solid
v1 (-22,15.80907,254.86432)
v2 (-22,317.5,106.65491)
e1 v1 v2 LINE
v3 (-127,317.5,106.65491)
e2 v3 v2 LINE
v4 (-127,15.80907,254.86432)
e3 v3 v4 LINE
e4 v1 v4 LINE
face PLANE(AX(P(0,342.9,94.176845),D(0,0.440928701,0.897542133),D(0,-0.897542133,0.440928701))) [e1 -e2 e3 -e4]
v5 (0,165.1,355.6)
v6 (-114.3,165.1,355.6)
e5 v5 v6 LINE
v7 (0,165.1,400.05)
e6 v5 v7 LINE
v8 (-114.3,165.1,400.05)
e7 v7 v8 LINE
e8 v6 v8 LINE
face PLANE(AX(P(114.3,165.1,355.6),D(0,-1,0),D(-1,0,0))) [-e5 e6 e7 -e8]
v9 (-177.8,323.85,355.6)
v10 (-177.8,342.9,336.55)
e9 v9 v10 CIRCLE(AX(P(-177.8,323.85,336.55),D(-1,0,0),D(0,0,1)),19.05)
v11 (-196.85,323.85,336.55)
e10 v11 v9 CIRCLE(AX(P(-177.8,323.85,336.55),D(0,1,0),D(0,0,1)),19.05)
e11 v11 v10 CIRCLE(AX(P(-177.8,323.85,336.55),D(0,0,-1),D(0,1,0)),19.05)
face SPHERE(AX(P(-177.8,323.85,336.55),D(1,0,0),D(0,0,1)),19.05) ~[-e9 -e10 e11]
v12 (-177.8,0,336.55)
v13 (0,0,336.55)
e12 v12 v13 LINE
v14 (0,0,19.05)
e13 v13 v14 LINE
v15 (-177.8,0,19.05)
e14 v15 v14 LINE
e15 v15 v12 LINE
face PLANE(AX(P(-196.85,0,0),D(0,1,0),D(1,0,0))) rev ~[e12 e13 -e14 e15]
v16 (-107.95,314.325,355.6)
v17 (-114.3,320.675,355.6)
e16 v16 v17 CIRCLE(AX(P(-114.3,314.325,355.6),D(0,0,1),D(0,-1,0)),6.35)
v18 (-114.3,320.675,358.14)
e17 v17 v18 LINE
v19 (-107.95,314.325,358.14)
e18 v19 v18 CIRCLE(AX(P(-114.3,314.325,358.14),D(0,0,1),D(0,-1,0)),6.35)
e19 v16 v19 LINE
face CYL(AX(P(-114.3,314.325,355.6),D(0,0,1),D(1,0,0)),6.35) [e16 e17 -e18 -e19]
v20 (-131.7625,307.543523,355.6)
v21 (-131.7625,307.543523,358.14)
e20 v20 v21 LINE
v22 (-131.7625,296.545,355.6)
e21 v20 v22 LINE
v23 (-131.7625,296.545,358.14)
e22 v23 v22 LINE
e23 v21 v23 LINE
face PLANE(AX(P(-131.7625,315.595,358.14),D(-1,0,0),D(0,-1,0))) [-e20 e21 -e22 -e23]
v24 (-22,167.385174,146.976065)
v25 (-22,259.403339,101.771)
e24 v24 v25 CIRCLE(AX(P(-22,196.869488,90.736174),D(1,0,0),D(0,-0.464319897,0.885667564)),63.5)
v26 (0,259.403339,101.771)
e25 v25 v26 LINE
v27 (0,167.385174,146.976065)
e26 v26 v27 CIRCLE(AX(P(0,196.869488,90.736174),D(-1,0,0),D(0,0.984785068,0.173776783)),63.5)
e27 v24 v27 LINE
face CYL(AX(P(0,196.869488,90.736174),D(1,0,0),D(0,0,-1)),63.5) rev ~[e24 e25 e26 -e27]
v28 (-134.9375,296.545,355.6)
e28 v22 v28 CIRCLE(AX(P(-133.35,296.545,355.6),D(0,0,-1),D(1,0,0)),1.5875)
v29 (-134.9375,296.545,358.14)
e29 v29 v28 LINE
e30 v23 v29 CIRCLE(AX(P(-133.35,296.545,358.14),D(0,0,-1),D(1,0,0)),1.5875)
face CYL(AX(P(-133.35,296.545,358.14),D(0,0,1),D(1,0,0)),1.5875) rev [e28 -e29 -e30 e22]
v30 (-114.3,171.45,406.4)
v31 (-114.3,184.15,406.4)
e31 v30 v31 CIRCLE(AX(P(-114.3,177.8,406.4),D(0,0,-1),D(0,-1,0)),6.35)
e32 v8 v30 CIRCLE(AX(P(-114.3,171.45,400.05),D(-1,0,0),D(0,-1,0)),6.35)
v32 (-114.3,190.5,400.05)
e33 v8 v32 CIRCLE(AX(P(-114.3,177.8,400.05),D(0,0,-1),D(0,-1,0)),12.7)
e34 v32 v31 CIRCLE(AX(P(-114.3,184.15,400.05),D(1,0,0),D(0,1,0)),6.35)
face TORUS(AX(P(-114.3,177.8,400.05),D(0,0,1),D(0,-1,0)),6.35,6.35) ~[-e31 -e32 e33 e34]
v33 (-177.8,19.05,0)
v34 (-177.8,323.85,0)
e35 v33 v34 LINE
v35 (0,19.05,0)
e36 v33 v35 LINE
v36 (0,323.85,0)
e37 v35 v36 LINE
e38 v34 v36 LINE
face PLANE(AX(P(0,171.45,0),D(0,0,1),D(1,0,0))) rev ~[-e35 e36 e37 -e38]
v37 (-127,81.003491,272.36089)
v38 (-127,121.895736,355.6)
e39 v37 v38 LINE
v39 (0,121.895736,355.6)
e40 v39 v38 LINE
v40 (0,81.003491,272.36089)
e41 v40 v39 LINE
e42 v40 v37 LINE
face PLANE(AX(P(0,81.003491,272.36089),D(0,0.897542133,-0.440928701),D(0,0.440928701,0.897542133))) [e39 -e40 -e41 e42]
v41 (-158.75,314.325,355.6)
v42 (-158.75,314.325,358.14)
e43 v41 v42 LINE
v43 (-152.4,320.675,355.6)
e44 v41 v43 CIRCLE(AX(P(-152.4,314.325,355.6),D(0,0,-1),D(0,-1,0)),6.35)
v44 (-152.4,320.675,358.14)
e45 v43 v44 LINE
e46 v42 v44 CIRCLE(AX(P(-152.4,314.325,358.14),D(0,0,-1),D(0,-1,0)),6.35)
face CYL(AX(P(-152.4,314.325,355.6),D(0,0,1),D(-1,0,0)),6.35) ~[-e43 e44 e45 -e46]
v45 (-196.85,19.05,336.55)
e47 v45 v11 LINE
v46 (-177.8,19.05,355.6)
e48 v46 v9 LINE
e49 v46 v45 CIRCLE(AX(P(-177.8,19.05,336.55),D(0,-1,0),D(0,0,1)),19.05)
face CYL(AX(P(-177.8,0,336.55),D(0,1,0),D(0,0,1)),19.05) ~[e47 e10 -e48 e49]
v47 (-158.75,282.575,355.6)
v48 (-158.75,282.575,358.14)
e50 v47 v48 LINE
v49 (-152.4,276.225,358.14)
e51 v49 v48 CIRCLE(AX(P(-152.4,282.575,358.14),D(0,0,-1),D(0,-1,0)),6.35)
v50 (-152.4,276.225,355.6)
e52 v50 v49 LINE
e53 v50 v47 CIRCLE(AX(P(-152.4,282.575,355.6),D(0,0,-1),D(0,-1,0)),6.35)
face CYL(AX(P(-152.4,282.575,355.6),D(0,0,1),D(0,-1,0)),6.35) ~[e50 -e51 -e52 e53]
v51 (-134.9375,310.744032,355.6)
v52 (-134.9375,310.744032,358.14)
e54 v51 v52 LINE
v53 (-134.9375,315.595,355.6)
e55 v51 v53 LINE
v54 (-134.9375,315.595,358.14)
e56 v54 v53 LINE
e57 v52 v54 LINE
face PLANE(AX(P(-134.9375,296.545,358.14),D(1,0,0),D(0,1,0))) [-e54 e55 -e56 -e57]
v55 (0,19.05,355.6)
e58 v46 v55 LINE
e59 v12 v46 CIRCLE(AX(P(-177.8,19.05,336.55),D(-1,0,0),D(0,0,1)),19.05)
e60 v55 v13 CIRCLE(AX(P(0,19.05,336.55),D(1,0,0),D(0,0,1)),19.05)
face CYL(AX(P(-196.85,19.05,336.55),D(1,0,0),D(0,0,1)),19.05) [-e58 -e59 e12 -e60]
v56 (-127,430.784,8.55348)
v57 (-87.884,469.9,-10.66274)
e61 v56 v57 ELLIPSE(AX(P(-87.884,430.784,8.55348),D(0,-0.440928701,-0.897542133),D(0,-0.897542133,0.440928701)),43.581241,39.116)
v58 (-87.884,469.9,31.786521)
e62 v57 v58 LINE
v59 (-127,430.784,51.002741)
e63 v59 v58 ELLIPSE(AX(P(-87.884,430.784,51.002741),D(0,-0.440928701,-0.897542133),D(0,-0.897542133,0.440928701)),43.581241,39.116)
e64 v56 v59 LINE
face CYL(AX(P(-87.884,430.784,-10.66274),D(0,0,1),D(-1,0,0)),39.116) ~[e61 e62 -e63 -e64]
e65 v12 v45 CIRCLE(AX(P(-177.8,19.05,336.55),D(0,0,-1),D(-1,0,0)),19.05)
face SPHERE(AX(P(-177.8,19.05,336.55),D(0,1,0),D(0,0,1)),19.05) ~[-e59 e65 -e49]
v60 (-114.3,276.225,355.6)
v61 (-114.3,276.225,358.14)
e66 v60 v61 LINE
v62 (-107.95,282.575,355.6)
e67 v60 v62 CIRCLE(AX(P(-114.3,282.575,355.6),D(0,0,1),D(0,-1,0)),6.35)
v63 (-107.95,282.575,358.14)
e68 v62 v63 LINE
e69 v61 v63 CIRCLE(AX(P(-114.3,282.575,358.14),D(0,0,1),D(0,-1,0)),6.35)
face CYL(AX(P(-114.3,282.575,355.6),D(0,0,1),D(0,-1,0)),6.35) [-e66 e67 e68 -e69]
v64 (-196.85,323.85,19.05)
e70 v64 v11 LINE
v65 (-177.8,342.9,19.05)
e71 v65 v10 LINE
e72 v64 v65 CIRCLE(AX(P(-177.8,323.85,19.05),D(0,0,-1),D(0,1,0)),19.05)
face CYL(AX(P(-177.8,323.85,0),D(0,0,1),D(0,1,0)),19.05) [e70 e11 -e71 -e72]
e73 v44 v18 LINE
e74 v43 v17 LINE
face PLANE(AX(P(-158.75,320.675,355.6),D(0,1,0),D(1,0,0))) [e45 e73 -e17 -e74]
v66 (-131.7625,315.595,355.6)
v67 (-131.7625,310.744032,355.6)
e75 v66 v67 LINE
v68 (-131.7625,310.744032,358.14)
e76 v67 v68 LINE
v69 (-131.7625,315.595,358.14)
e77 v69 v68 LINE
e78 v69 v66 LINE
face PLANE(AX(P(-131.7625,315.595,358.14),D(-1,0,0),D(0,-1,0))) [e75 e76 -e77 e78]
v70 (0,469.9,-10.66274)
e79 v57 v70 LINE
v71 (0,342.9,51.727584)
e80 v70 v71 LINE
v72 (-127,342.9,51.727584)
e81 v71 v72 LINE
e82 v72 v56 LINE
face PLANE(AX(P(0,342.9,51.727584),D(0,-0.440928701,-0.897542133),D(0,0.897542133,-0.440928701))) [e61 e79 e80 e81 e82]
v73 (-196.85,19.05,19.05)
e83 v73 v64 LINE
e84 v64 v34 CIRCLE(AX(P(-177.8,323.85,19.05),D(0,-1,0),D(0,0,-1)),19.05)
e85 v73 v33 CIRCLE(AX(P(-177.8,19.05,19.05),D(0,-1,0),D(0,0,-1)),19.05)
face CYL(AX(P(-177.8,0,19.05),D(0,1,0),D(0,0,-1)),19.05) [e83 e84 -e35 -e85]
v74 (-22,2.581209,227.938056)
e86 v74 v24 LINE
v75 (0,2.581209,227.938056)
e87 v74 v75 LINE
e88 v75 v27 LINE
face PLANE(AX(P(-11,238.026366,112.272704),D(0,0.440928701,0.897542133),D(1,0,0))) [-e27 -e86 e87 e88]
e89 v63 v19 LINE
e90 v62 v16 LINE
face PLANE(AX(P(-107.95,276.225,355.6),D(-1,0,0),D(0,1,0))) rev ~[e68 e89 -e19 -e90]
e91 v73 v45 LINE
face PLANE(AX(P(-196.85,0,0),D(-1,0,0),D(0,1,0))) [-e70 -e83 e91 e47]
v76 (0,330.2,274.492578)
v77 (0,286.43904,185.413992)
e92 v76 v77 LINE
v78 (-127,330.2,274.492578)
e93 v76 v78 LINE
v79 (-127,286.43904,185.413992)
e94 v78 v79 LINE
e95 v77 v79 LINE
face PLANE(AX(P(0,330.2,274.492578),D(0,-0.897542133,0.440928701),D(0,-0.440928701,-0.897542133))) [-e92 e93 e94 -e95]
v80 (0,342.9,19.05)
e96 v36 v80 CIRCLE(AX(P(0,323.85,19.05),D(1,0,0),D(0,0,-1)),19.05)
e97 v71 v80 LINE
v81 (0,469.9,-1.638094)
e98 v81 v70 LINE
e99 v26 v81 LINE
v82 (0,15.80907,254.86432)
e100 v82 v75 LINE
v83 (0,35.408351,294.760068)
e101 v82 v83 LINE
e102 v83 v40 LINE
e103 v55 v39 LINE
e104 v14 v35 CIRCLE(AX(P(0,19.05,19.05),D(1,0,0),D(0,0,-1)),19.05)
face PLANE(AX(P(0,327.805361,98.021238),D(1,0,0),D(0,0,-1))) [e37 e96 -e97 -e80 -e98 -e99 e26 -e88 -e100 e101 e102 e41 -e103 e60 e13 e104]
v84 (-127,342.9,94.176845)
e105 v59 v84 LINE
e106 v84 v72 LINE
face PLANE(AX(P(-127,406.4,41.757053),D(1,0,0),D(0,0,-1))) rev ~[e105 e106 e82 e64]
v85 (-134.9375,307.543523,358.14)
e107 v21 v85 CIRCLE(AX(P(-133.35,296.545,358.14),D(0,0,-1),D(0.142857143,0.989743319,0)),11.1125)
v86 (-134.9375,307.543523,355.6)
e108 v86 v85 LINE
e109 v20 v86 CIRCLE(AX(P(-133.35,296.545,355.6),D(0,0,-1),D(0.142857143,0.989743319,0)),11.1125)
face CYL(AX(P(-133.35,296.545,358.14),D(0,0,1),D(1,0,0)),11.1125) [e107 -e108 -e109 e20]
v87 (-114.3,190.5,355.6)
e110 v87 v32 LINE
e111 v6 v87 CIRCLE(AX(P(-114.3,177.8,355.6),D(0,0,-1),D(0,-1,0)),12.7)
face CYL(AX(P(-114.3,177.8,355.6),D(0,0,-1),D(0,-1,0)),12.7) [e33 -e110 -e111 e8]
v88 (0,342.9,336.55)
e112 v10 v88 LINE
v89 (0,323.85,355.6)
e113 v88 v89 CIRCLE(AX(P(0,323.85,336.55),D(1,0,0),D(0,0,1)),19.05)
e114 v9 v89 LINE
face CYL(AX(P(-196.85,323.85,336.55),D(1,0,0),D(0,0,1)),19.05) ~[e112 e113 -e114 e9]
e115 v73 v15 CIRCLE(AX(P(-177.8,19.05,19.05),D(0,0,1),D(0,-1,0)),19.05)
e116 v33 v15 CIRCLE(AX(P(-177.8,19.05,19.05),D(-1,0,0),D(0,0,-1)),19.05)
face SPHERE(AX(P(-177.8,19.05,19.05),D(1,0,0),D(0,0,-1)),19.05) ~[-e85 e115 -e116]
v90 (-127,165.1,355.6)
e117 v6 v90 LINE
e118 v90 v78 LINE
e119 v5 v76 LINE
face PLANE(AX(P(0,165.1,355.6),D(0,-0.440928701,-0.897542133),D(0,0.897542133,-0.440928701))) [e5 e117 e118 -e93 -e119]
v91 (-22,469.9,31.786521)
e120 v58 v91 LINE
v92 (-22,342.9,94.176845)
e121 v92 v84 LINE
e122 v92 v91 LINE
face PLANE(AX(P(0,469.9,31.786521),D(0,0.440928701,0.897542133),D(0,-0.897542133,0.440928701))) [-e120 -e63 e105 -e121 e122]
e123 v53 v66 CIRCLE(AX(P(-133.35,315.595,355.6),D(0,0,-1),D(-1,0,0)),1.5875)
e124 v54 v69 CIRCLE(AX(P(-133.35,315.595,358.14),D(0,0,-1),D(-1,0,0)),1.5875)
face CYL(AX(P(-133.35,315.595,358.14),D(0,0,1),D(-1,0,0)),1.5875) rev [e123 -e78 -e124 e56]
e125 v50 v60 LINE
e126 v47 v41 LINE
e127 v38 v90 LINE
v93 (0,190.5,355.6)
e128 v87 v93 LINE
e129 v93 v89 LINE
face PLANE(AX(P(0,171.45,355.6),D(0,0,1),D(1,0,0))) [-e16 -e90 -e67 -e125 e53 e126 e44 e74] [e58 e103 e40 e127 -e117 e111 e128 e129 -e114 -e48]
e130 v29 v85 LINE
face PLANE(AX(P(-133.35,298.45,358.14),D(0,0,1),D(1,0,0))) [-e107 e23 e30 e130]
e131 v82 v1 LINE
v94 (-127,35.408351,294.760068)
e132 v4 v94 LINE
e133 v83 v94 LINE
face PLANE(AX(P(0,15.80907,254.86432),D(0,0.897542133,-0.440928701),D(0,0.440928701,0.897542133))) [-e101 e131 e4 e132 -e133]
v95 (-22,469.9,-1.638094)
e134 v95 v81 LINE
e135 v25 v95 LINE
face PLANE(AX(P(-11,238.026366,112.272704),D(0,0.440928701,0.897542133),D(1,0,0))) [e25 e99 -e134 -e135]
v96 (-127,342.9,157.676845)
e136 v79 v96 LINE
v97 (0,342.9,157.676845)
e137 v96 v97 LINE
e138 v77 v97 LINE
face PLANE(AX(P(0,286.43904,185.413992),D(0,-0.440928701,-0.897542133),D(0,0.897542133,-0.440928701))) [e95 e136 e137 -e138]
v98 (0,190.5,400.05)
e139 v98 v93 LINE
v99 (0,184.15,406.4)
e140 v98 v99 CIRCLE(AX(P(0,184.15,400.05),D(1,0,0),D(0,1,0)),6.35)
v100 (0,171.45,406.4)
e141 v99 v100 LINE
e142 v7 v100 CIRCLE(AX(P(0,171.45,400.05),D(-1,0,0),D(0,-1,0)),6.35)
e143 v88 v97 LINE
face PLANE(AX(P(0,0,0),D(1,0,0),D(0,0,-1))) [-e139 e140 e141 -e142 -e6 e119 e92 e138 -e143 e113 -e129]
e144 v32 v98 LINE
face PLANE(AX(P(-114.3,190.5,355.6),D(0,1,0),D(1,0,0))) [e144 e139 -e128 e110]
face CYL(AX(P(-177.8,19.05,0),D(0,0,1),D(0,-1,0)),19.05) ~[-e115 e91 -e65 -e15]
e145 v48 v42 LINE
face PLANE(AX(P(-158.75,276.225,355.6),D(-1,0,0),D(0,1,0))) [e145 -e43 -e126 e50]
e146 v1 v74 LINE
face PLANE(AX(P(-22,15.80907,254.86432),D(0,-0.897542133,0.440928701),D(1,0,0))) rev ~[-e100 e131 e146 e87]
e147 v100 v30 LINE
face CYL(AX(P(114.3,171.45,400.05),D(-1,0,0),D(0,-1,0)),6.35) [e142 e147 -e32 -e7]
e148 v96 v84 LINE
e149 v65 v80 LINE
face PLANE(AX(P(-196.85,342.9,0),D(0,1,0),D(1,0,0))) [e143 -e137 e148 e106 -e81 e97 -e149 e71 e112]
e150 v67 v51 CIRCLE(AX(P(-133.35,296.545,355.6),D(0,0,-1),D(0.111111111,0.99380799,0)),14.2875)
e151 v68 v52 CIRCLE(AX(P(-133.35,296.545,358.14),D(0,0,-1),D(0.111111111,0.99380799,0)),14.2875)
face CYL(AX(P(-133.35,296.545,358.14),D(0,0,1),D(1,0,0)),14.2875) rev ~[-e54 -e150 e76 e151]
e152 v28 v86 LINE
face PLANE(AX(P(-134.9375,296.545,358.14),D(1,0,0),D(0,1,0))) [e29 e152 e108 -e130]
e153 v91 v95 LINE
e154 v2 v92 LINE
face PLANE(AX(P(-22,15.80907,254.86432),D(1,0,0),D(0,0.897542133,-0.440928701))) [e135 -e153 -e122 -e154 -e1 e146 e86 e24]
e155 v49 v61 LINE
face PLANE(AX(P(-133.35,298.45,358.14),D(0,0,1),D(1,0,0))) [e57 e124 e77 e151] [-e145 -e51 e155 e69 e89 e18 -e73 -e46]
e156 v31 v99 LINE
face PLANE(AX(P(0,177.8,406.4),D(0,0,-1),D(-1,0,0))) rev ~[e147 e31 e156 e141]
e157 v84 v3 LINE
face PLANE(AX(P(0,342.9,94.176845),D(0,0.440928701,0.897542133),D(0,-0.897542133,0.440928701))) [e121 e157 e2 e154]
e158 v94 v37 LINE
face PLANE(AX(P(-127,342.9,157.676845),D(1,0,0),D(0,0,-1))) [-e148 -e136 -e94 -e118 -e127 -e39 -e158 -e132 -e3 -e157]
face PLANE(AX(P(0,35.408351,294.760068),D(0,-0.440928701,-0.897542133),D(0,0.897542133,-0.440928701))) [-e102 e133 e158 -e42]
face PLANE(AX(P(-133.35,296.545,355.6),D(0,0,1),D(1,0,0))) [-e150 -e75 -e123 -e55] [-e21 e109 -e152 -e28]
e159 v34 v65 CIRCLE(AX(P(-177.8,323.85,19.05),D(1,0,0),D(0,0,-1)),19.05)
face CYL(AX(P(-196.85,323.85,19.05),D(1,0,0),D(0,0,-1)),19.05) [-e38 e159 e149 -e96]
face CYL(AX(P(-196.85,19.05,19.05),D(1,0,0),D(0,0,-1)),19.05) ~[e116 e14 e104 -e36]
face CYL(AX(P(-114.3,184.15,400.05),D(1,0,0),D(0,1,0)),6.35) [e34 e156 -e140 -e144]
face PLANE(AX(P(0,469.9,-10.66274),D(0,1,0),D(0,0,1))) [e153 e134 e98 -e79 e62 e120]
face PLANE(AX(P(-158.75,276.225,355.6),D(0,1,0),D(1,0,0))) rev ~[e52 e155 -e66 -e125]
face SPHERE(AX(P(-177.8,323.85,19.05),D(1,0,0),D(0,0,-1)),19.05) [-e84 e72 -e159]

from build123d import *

# Parameters (mm, degrees)
SKETCH1_W           = 393.7
SKETCH1_H           = 342.9
BOSS_EXTRUDE1_DEPTH = 355.6
SKETCH2_W           = 50.8
SKETCH2_H           = 44.45
BOSS_EXTRUDE2_DEPTH = 2.54
BOSS_EXTRUDE3_DEPTH = 2.54
SKETCH4_R           = 3.81
CUT_EXTRUDE1_DEPTH  = 2.54
BOSS_EXTRUDE4_DEPTH = 50.8
FILLET1_R           = 6.35
FILLET2_R           = 6.35
SKETCH6_R           = 14.2875
SKETCH6_R_2         = 11.1125
CUT_EXTRUDE2_DEPTH  = 2.54
FILLET3_R           = 19.05
BOSS_EXTRUDE5_DEPTH = 127
FILLET4_R           = 39.116
SKETCH8_W           = 254
SKETCH8_H           = 63.5
CUT_EXTRUDE3_DEPTH  = 25.4
CUT_EXTRUDE4_DEPTH  = 652.703070808
CUT_EXTRUDE5_DEPTH  = 127
BOSS_EXTRUDE6_DEPTH = 127
SKETCH12_W          = 22
SKETCH12_H          = 524.644243645
CUT_EXTRUDE6_DEPTH  = 30
SKETCH13_R          = 63.5
CUT_EXTRUDE7_DEPTH  = 22


with BuildPart() as part:
    # Sketch1 → Boss-Extrude1 (new body)
    with BuildSketch(Plane.XY):
        with Locations((0, 171.45)):
            Rectangle(SKETCH1_W, SKETCH1_H)
    extrude(amount=BOSS_EXTRUDE1_DEPTH)

    # Sketch2 → Boss-Extrude2 (add)
    with BuildSketch(Plane.XY.offset(355.6)):
        with Locations((-133.35, 298.45)):
            Rectangle(SKETCH2_W, SKETCH2_H)
    extrude(amount=BOSS_EXTRUDE2_DEPTH)

    # Sketch3 → Boss-Extrude3 (add)
    with BuildSketch(Plane.XY.offset(355.6)):
        with BuildLine():
            Line((88.9, 307.975), (165.1, 307.975))
            ThreePointArc((165.1, 307.975), (174.625, 298.45), (165.1, 288.925))
            Line((165.1, 288.925), (88.9, 288.925))
            ThreePointArc((88.9, 288.925), (79.375, 298.45), (88.9, 307.975))
        make_face()
    extrude(amount=BOSS_EXTRUDE3_DEPTH)

    # Sketch4 → Cut-Extrude1 (cut)
    with BuildSketch(Plane.XY.offset(358.14)):
        with Locations((92.075, 298.45)):
            Circle(SKETCH4_R)
        with Locations((108.286467636, 298.45)):
            Circle(SKETCH4_R)
        with Locations((124.497935272, 298.45)):
            Circle(SKETCH4_R)
    extrude(amount=-CUT_EXTRUDE1_DEPTH, mode=Mode.SUBTRACT)

    # Sketch5 → Boss-Extrude4 (add)
    with BuildSketch(Plane.XY.offset(355.6)):
        with BuildLine():
            Line((-114.3, 190.5), (114.3, 190.5))
            ThreePointArc((114.3, 190.5), (127, 177.8), (114.3, 165.1))
            Line((114.3, 165.1), (-114.3, 165.1))
            ThreePointArc((-114.3, 165.1), (-127, 177.8), (-114.3, 190.5))
        make_face()
    extrude(amount=BOSS_EXTRUDE4_DEPTH)

    # Fillet1
    fillet1_edges = [part.edges().sort_by_distance(p)[0] for p in [
        (-127, 177.8, 406.4),
        (0, 165.1, 406.4),
        (127, 177.8, 406.4),
        (0, 190.5, 406.4),
    ]]
    fillet(fillet1_edges, radius=FILLET1_R)

    # Fillet2
    fillet2_edges = [part.edges().sort_by_distance(p)[0] for p in [
        (-107.95, 276.225, 356.87),
        (-107.95, 320.675, 356.87),
        (-158.75, 320.675, 356.87),
        (-158.75, 276.225, 356.87),
    ]]
    fillet(fillet2_edges, radius=FILLET2_R)

    # Sketch6 → Cut-Extrude2 (cut)
    # profile 1 of 2: a face of its own
    with BuildSketch(Plane.XY.offset(358.14)):
        with Locations((-133.35, 296.545)):
            Circle(SKETCH6_R)
        with Locations((-133.35, 296.545)):
            Circle(SKETCH6_R_2, mode=Mode.SUBTRACT)
    # profile 2 of 2: a face of its own
    with BuildSketch(Plane.XY.offset(358.14)):
        with BuildLine():
            Line((-134.9375, 296.545), (-134.9375, 315.595))
            ThreePointArc((-134.9375, 315.595), (-133.35, 317.1825), (-131.7625, 315.595))
            Line((-131.7625, 315.595), (-131.7625, 296.545))
            ThreePointArc((-131.7625, 296.545), (-133.35, 294.9575), (-134.9375, 296.545))
        make_face()
    extrude(amount=-CUT_EXTRUDE2_DEPTH, mode=Mode.SUBTRACT)

    # Fillet3
    fillet3_edges = [part.edges().sort_by_distance(p)[0] for p in [
        (196.85, 171.45, 355.6),
        (0, 342.9, 355.6),
        (-196.85, 171.45, 355.6),
        (0, 342.9, 0),
        (196.85, 171.45, 0),
        (0, 0, 0),
        (-196.85, 171.45, 0),
        (0, 0, 355.6),
        (-196.85, 342.9, 177.8),
        (196.85, 342.9, 177.8),
        (196.85, 0, 177.8),
        (-196.85, 0, 177.8),
    ]]
    fillet(fillet3_edges, radius=FILLET3_R)

    # Sketch7 → Boss-Extrude5 (add, symmetric)
    with BuildSketch(Plane(origin=(0, 0, 0), x_dir=(0, 0, -1), z_dir=(1, 0, 0))):
        Polygon((-51.727584486, 342.9), (10.662740116, 469.9), (-31.786520589, 469.9), (-94.17684519, 342.9), align=None)
    extrude(amount=BOSS_EXTRUDE5_DEPTH, both=True)

    # Fillet4
    fillet4_edges = [part.edges().sort_by_distance(p)[0] for p in [
        (-127, 469.9, 10.561890237),
        (127, 469.9, 10.561890237),
    ]]
    fillet(fillet4_edges, radius=FILLET4_R)

    # Sketch8 → Cut-Extrude3 (cut)
    with BuildSketch(Plane(origin=(0, 342.9, 0), x_dir=(1, 0, 0), z_dir=(0, 1, 0))):
        with Locations((0, -125.92684519)):
            Rectangle(SKETCH8_W, SKETCH8_H)
    extrude(amount=-CUT_EXTRUDE3_DEPTH, mode=Mode.SUBTRACT)

    # Sketch9 → Cut-Extrude4 (cut, through all)
    with BuildSketch(Plane(origin=(0, 0, 0), x_dir=(0, 0, -1), z_dir=(1, 0, 0))):
        Polygon((-912.709368589, 769.44705767), (-210.006014515, -1175.153028305), (1122.715383104, 405.705970635), align=None)
    extrude(amount=CUT_EXTRUDE4_DEPTH, mode=Mode.SUBTRACT)

    # Sketch10 → Cut-Extrude5 (cut)
    with BuildSketch(Plane(origin=(0, 0, 0), x_dir=(0, 0, -1), z_dir=(1, 0, 0))):
        Polygon((-94.17684519, 342.9), (-254.864319987, 15.809069962), (-294.760067802, 35.408350722), (-272.360889792, 81.003491082), (-355.6, 121.895736006), (-355.6, 165.1), (-274.492578018, 330.2), (-185.41399178, 286.439040076), (-157.67684519, 342.9), align=None)
    extrude(amount=-CUT_EXTRUDE5_DEPTH, mode=Mode.SUBTRACT)

    # Sketch11 → Boss-Extrude6 (add)
    with BuildSketch(Plane(origin=(0, 0, 0), x_dir=(0, 0, -1), z_dir=(1, 0, 0))):
        Polygon((-94.17684519, 342.9), (-106.65491011, 317.5), (-94.17684519, 317.5), align=None)
    extrude(amount=-BOSS_EXTRUDE6_DEPTH)

    # Sketch12 → Cut-Extrude6 (cut)
    with BuildSketch(Plane(origin=(0, 103.936656142, 211.570550632), x_dir=(1, 0, 0), z_dir=(0, 0.4409287009906531, 0.8975421330738157))):
        with Locations((-11, 164.134434658)):
            Rectangle(SKETCH12_W, SKETCH12_H)
    extrude(amount=-CUT_EXTRUDE6_DEPTH, mode=Mode.SUBTRACT)

    # Sketch13 → Cut-Extrude7 (cut)
    with BuildSketch(Plane(origin=(0, 0, 0), x_dir=(0, 0, -1), z_dir=(1, 0, 0))):
        with Locations((-90.736174491, 196.869487567)):
            Circle(SKETCH13_R)
    extrude(amount=-CUT_EXTRUDE7_DEPTH, mode=Mode.SUBTRACT)


solid = part.part
